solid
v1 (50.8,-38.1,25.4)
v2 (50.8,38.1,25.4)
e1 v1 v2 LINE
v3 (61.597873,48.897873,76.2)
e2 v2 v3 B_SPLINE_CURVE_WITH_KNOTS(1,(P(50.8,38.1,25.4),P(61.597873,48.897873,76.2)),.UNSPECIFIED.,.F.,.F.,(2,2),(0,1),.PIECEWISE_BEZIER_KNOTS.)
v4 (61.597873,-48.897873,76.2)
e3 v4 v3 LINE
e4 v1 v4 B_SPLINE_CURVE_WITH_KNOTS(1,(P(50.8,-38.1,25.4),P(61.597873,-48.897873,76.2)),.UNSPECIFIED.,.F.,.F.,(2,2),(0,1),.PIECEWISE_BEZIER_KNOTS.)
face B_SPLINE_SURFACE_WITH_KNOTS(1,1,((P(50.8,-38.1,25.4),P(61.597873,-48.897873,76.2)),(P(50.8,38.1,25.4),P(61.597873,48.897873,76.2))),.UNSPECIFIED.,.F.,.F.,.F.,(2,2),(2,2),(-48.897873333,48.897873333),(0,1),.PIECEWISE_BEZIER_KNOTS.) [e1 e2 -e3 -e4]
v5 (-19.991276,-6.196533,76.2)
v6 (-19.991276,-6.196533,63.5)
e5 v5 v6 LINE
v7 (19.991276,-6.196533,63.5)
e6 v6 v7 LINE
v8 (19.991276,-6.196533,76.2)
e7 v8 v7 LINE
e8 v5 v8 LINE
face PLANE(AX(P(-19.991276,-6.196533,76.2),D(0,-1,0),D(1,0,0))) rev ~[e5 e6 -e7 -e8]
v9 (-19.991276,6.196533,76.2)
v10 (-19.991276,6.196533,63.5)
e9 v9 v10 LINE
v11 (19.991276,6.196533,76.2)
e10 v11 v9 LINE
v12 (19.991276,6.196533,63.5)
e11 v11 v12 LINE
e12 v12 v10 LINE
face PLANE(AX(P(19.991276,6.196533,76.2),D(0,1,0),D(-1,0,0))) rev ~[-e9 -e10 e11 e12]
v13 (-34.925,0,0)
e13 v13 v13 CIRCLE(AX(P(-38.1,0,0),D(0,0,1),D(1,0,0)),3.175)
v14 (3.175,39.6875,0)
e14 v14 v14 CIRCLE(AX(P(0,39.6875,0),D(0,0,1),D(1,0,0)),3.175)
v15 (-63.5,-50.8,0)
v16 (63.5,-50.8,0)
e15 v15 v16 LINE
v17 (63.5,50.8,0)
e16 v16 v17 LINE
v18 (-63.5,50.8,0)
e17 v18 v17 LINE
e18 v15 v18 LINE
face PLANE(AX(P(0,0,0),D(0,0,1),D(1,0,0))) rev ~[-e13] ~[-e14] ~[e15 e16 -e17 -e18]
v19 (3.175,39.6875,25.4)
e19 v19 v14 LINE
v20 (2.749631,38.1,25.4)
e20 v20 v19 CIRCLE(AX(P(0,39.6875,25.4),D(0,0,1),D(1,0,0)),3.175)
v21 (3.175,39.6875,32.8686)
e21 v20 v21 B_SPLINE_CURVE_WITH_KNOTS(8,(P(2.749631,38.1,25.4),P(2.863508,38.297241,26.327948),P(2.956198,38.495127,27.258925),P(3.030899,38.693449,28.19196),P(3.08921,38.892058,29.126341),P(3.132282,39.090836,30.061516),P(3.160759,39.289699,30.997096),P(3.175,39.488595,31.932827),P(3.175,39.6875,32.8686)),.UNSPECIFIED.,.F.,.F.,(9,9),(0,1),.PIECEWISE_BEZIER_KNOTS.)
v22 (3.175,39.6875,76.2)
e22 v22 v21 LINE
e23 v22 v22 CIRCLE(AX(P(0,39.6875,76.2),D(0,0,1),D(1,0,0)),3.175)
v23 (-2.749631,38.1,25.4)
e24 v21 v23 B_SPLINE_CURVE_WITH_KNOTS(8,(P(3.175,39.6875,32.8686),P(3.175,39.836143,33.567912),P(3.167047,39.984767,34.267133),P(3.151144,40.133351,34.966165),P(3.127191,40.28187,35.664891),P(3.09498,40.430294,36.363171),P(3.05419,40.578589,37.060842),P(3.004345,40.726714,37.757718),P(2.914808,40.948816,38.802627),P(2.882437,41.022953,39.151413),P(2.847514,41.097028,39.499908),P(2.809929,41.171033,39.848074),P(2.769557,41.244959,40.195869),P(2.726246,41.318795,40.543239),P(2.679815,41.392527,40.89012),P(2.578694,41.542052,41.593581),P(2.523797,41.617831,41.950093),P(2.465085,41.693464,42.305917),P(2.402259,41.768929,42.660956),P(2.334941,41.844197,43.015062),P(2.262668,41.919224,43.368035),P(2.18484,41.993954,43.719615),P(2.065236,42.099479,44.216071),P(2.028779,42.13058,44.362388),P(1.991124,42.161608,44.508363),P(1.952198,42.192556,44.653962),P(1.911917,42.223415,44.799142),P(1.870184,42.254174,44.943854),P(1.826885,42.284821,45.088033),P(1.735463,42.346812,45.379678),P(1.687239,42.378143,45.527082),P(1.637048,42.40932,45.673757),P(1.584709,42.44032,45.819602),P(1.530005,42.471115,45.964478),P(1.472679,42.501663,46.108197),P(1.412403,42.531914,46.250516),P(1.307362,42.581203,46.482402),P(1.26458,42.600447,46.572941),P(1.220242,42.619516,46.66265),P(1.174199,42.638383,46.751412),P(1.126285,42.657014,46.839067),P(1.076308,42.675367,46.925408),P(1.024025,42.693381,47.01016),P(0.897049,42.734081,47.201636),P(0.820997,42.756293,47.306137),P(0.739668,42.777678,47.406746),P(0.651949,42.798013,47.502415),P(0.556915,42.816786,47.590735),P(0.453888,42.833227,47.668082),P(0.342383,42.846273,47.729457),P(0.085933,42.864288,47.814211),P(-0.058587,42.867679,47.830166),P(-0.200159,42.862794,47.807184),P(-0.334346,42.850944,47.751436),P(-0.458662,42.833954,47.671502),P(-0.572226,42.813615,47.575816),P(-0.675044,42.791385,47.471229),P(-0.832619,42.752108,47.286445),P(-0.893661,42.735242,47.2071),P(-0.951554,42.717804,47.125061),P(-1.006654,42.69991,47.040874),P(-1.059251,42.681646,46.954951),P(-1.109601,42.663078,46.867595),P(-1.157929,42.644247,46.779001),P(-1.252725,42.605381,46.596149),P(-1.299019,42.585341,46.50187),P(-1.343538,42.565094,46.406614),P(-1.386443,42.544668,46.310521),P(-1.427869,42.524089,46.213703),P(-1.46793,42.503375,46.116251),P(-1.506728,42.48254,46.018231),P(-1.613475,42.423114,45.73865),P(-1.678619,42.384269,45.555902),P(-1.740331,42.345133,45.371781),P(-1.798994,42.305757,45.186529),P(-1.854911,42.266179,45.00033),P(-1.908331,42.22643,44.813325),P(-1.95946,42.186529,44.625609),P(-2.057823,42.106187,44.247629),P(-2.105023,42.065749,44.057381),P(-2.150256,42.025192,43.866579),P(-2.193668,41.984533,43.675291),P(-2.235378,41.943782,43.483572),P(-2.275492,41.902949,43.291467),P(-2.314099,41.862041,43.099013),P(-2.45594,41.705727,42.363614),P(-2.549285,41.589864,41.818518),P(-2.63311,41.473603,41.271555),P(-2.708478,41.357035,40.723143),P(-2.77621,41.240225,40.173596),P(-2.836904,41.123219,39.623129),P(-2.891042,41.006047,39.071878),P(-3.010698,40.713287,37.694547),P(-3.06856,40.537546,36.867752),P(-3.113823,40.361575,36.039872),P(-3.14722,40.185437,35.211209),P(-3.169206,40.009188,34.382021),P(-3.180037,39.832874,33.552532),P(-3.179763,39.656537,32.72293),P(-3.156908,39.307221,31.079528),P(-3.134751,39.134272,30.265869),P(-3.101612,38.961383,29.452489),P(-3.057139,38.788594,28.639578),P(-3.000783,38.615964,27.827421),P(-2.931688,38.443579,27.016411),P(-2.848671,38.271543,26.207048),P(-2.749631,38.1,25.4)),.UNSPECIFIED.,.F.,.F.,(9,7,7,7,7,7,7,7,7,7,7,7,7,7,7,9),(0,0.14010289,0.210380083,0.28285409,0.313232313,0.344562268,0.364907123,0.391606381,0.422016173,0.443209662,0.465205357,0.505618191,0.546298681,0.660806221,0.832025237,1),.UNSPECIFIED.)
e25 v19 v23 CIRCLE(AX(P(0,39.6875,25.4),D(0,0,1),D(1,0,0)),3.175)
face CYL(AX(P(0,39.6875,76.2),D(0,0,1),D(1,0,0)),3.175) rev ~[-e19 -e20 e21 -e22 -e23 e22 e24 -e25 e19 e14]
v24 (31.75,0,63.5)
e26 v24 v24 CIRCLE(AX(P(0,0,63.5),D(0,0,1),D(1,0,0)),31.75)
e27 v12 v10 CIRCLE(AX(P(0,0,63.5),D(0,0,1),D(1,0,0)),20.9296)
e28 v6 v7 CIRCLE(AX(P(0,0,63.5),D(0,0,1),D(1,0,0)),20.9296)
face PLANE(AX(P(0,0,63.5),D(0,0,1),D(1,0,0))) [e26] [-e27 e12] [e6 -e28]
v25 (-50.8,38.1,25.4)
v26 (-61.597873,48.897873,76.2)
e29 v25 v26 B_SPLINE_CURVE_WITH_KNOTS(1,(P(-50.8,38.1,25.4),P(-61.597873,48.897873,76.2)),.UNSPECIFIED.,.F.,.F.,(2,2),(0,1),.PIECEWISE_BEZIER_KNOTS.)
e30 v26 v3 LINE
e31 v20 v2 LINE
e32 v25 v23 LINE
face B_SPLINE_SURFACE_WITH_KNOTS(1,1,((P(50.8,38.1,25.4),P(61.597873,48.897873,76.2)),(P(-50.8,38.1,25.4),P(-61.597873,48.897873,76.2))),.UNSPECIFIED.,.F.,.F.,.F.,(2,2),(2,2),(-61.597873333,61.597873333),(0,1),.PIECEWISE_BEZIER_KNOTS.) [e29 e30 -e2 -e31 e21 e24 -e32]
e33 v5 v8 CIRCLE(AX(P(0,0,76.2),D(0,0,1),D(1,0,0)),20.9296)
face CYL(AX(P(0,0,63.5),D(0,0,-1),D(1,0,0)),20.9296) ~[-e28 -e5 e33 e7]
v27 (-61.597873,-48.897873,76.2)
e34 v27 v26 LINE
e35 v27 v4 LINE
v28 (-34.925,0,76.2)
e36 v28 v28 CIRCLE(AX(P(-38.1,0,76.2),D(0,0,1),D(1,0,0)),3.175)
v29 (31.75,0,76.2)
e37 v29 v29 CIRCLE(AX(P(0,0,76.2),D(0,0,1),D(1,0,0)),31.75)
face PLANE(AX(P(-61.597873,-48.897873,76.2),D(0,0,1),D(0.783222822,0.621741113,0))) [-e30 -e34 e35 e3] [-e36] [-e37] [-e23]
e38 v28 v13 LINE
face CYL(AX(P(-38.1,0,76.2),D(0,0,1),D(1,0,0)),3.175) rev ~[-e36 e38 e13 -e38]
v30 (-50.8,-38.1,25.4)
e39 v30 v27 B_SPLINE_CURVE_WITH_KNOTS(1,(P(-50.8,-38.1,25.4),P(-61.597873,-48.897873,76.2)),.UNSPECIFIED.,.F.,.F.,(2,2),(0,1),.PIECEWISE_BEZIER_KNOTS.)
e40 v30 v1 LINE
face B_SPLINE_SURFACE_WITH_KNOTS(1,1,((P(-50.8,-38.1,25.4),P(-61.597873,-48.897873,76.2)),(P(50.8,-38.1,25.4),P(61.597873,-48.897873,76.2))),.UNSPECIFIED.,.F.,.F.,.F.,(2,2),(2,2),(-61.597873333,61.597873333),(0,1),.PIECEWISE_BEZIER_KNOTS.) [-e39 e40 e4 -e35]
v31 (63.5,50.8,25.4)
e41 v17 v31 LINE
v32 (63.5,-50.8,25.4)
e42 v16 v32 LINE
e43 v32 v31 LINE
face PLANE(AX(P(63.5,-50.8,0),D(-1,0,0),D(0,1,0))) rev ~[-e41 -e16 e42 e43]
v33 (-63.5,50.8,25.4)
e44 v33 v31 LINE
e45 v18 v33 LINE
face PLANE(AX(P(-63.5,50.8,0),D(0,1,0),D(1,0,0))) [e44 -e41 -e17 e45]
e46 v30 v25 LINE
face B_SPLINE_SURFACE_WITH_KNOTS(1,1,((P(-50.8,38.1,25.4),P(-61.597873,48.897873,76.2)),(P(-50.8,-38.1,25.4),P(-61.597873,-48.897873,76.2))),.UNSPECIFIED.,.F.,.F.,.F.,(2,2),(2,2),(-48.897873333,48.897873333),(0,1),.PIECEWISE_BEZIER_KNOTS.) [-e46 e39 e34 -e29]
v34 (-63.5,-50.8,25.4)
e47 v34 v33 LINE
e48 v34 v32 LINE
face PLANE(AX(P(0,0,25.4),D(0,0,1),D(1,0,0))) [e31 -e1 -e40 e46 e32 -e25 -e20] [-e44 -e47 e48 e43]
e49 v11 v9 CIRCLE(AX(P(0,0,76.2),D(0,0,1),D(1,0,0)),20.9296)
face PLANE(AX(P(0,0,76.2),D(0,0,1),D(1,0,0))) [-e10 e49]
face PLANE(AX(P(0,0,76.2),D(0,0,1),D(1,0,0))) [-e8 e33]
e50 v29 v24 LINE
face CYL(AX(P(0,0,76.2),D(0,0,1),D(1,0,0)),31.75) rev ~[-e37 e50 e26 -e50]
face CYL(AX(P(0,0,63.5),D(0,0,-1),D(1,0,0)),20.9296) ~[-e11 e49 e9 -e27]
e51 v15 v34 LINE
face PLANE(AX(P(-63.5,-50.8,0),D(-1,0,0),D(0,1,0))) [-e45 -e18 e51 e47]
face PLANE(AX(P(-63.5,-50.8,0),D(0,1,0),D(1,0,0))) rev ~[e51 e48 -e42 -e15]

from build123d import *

# Parameters (mm, degrees)
F0_W      = 127
F0_H      = 101.6
F1_DEPTH  = 25.4
F2_W      = 101.6
F2_H      = 76.2
F3_DEPTH  = 50.8
F3_TAPER  = -12
F4_R      = 31.75
F5_DEPTH  = 12.7
F6_R      = 20.9296
F7_DEPTH  = 12.7
F8_R      = 3.175
F9_DEPTH  = 76.201
F11_DEPTH = 12.7


with BuildPart() as f1:
    # F0 (on Top) → F1 (new body)
    with BuildSketch(Plane.XY):
        Rectangle(F0_W, F0_H)
    extrude(amount=F1_DEPTH)

    # F2 (on face) → F3 (join)
    with BuildSketch(Plane.XY.offset(25.4)):
        Rectangle(F2_W, F2_H)
    extrude(amount=F3_DEPTH, taper=F3_TAPER)

    # F4 (on face) → F5 (cut)
    with BuildSketch(Plane.XY.offset(76.2)):
        Circle(F4_R)
    extrude(amount=-F5_DEPTH, mode=Mode.SUBTRACT)

    # F6 (on face) → F7 (join)
    with BuildSketch(Plane.XY.offset(63.5)):
        Circle(F6_R)
    extrude(amount=F7_DEPTH)

    # F8 (on face) → F9 (cut, through all)
    with BuildSketch(Plane.XY.offset(76.2)):
        with Locations((-38.1, 0)):
            Circle(F8_R)
        with Locations((0, 39.6875)):
            Circle(F8_R)
    extrude(amount=-F9_DEPTH, mode=Mode.SUBTRACT)

    # F10 (on face) → F11 (cut)
    with BuildSketch(Plane.XY.offset(76.2)):
        with BuildLine():
            ThreePointArc((19.991276409, -6.1965332), (20.9296, 0), (19.991276409, 6.1965332))
            Line((19.991276409, 6.1965332), (-19.991276409, 6.1965332))
            ThreePointArc((-19.991276409, 6.1965332), (-20.9296, 0), (-19.991276409, -6.1965332))
            Line((-19.991276409, -6.1965332), (19.991276409, -6.1965332))
        make_face()
    extrude(amount=-F11_DEPTH, mode=Mode.SUBTRACT)


solid = f1.part
